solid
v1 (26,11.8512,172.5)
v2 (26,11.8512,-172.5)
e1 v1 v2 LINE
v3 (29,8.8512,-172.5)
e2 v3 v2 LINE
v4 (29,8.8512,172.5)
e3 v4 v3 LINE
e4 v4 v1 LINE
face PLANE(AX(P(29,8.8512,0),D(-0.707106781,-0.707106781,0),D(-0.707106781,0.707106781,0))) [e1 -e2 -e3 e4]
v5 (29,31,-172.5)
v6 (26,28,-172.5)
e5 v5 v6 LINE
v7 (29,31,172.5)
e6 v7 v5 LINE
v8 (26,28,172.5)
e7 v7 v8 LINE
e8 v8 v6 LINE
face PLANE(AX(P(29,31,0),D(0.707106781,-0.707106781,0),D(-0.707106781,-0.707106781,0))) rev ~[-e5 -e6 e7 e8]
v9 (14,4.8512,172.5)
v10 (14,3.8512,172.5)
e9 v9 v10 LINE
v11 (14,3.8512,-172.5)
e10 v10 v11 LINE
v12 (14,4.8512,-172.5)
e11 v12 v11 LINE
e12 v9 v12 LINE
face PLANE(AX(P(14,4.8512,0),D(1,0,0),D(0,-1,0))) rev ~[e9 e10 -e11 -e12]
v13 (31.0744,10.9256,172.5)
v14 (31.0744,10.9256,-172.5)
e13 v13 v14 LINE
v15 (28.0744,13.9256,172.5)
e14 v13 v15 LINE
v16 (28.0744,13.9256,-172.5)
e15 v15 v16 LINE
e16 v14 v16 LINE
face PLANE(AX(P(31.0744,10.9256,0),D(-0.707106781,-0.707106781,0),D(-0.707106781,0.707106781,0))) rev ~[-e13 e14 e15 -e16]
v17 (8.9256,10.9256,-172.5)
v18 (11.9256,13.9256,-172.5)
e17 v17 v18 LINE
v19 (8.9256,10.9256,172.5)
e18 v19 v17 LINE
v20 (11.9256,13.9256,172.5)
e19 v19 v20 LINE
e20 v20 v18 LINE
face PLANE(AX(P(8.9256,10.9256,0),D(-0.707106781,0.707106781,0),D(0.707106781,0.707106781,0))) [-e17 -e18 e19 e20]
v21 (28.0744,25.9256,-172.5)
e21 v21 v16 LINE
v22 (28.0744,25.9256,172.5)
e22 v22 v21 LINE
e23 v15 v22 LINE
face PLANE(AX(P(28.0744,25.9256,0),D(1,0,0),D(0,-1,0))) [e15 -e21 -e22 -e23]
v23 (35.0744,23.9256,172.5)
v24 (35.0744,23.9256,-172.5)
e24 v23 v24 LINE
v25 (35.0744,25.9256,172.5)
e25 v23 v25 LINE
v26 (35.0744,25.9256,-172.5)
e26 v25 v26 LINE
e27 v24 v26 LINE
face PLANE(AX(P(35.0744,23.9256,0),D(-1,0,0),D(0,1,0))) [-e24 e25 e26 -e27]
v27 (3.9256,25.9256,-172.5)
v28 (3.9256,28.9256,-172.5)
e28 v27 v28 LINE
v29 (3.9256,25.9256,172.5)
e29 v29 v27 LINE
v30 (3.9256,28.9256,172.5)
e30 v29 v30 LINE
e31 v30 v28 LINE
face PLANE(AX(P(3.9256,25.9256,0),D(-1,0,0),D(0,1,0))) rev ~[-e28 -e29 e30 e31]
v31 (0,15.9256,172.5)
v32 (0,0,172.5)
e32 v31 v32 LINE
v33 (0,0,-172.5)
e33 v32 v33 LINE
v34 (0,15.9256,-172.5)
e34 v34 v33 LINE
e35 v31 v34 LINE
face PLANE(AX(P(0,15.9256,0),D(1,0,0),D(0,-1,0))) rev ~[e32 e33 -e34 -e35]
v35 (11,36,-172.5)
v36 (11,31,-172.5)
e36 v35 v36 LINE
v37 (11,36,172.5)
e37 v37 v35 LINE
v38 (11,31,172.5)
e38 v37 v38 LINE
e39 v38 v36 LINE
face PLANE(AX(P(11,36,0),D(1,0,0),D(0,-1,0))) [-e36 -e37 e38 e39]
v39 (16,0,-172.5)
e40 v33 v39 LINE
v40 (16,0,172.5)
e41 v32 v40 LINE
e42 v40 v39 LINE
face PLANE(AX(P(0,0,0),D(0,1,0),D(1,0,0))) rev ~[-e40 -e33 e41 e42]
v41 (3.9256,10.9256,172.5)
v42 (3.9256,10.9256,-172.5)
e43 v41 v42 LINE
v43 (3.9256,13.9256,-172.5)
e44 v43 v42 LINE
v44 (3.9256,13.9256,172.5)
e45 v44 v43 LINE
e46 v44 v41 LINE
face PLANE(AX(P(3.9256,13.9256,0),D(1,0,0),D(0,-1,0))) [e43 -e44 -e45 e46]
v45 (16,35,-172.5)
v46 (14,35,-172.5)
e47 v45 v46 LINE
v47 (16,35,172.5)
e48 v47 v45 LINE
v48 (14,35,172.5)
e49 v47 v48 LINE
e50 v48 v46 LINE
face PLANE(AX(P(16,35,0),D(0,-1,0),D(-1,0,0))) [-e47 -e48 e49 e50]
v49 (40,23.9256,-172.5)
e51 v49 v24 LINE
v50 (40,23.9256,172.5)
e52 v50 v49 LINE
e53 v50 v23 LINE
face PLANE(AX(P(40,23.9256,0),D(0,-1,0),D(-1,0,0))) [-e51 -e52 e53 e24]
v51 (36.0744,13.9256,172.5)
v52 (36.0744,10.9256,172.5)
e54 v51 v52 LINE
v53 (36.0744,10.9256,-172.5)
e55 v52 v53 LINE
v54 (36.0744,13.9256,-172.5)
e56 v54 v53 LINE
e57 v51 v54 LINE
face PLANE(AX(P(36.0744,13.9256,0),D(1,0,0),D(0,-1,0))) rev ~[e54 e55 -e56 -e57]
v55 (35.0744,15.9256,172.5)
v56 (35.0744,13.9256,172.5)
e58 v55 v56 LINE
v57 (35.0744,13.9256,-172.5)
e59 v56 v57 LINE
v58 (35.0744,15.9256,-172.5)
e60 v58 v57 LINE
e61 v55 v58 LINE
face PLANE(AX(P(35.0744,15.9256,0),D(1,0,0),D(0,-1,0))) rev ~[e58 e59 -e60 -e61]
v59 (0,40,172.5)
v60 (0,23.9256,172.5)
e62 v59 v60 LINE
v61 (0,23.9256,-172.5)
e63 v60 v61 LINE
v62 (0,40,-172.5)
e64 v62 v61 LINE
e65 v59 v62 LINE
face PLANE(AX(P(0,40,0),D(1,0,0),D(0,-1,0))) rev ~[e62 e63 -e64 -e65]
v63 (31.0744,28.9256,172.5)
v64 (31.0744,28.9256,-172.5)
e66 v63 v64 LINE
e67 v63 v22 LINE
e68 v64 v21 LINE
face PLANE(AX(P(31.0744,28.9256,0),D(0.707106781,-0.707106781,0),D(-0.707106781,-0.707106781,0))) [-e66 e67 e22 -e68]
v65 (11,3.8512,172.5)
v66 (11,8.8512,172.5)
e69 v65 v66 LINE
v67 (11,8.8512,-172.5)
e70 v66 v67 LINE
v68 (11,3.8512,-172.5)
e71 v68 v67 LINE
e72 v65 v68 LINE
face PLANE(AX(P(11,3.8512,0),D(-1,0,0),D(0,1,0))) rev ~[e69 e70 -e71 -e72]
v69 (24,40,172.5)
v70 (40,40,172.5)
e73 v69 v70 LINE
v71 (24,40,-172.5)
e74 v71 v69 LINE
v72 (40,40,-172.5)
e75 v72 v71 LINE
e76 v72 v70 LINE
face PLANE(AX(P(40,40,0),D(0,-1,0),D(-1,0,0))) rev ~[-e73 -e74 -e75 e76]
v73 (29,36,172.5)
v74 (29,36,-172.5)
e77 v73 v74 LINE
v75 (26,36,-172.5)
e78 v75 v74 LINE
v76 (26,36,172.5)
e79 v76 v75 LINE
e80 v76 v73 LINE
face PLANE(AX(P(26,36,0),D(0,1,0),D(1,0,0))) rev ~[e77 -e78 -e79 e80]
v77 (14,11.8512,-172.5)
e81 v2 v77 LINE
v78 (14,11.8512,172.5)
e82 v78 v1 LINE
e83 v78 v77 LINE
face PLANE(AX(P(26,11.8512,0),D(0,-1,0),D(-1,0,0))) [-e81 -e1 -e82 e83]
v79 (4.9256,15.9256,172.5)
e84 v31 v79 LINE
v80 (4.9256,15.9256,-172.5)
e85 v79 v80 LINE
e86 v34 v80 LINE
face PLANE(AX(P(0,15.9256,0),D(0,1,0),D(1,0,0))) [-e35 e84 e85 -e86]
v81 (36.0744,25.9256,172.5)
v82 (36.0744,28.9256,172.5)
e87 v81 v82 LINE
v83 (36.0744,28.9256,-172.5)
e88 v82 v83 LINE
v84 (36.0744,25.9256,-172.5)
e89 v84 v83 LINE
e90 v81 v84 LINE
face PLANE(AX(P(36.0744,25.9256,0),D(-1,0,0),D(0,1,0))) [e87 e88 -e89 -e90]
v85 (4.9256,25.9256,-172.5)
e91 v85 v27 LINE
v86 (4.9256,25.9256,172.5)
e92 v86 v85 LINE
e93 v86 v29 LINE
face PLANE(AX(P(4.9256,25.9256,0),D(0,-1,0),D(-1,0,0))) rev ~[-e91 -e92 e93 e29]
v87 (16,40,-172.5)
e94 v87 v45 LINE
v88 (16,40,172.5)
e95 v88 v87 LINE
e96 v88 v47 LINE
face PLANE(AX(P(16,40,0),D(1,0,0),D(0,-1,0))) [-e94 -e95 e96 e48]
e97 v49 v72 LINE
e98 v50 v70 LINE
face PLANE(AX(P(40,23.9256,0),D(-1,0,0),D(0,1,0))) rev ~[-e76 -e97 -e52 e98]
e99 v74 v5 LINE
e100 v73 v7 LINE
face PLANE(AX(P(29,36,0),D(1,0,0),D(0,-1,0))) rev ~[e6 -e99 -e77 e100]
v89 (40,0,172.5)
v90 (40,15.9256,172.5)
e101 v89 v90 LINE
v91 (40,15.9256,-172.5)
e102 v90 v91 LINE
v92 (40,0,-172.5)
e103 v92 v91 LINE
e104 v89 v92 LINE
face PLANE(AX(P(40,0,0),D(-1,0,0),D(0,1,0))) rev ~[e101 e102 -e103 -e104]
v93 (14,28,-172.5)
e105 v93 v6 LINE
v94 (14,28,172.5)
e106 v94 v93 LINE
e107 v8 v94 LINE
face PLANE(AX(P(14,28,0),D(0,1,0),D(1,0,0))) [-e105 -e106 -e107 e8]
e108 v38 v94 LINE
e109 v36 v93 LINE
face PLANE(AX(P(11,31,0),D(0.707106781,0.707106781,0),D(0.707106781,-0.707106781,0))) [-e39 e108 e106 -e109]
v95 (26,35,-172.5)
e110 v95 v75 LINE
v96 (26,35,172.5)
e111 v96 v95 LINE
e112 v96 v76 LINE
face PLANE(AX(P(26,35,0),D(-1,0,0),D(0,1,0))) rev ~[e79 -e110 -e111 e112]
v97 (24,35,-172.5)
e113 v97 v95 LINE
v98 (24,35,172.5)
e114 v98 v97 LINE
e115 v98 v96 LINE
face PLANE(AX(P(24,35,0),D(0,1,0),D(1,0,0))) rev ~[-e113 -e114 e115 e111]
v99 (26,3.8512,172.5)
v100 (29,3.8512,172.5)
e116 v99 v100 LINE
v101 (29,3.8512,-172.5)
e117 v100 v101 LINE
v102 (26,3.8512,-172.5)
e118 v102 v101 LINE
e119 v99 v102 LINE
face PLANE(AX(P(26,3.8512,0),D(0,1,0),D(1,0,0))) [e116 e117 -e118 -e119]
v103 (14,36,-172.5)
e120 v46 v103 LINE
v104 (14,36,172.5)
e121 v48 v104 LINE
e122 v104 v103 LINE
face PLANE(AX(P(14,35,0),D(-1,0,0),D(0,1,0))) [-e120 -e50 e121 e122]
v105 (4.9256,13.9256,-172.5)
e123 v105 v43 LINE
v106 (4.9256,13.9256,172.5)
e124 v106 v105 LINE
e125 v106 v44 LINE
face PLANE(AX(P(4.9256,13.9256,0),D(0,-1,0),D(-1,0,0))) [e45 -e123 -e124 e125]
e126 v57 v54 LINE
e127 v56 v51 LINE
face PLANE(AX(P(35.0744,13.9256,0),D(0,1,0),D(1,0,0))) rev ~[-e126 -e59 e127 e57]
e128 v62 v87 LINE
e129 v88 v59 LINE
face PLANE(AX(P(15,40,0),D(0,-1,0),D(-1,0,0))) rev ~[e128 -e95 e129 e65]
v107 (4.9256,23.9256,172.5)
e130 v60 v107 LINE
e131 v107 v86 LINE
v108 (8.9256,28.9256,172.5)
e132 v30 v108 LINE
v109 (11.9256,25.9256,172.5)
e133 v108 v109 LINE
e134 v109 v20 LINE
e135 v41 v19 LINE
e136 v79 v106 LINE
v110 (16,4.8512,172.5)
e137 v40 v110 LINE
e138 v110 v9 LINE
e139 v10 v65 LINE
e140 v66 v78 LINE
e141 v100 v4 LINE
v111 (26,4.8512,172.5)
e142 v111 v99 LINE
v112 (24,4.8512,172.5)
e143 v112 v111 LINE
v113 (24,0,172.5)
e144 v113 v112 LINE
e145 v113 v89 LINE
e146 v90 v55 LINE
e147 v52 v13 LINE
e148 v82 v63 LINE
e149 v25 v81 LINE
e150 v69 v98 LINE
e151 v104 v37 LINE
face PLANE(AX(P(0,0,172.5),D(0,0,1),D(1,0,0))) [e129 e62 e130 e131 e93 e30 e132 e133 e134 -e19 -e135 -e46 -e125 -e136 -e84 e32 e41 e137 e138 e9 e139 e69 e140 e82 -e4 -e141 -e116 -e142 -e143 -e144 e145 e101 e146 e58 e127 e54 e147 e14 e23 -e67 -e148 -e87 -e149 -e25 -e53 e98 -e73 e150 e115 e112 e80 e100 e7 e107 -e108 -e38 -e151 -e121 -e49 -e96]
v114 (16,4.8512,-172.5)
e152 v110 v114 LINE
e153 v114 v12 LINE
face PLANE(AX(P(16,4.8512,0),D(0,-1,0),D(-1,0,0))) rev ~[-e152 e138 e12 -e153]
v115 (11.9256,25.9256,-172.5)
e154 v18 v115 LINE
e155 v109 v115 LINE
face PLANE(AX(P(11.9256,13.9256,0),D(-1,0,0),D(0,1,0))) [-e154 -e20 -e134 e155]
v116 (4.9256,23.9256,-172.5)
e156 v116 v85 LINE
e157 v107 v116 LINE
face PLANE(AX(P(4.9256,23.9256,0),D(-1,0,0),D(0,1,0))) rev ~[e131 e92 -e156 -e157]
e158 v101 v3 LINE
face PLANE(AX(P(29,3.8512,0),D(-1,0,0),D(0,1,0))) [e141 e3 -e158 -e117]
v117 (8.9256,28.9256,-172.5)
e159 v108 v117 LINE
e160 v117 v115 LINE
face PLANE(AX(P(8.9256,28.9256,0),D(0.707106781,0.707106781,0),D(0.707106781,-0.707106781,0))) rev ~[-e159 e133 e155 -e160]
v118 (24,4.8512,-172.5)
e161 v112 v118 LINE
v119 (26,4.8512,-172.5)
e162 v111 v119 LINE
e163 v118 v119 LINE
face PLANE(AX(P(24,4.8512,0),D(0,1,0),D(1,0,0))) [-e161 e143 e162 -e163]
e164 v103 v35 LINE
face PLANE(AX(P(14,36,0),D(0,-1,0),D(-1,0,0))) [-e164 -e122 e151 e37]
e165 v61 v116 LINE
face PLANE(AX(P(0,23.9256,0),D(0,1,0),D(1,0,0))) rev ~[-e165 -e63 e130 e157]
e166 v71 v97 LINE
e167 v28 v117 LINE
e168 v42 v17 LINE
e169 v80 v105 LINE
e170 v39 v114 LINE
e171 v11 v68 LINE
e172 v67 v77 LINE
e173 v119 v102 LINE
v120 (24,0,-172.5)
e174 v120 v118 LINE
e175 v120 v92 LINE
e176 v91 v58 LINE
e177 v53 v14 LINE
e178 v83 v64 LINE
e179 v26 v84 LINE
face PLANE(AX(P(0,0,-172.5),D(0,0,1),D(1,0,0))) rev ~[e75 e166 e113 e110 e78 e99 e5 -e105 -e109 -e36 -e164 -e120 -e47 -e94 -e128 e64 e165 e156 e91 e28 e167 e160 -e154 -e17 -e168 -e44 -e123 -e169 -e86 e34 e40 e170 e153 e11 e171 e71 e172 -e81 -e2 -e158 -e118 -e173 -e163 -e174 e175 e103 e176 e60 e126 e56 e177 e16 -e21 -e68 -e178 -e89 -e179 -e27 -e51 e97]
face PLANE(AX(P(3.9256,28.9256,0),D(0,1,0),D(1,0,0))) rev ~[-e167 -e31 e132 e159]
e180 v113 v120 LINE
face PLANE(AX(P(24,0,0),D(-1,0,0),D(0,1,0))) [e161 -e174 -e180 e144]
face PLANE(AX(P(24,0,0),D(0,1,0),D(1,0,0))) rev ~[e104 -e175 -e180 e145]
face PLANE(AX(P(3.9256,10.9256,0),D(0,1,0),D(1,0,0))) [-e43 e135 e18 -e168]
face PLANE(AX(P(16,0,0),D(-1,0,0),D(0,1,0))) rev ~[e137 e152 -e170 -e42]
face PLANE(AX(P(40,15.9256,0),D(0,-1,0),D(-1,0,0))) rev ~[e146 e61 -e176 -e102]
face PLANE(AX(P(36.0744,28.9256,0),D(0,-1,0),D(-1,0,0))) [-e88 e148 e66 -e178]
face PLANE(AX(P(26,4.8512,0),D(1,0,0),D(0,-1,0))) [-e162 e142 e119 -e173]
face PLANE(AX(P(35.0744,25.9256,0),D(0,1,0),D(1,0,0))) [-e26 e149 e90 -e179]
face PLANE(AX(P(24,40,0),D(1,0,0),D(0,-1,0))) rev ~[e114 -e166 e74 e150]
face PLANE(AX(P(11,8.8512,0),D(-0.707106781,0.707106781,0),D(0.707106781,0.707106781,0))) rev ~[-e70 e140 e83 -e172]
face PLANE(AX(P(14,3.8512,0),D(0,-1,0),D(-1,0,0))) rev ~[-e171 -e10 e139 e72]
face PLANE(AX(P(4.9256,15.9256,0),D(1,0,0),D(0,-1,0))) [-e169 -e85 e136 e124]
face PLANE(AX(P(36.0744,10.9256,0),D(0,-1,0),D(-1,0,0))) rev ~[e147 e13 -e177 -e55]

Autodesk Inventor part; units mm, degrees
ref_plane "YZ Plane" through (0, 0, 0) normal (1, 0, 0) x (0, 1, 0)
ref_plane "XZ Plane" through (0, 0, 0) normal (0, 1, 0) x (-1, 0, 0)
ref_plane "XY Plane" through (0, 0, 0) normal (0, 0, 1) x (1, 0, 0)
sketch "스케치1" plane through (0, 0, 0) normal (0, 0, 1) x (1, 0, 0)
  line L0 (40, 40) -> (25, 40)
  line L1 (15, 40) -> (0, 40)
  line L2 (16, 40) -> (16, 35)
  line L3 (16, 35) -> (14, 35)
  line L4 (14, 35) -> (14, 36)
  line L5 (14, 36) -> (11, 36)
  line L6 (11, 36) -> (11, 31)
  line L7 (11, 31) -> (14, 28)
  line L8 (11, 31) -> (20.81, 31) construction
  line L9 (14, 28) -> (20, 28)
  line L10 (24, 40) -> (24, 35)
  line L11 (24, 35) -> (26, 35)
  line L12 (26, 35) -> (26, 36)
  line L13 (26, 36) -> (29, 36)
  line L14 (29, 36) -> (29, 31)
  line L15 (29, 31) -> (26, 28)
  line L16 (29, 31) -> (19.19, 31) construction
  line L17 (26, 28) -> (20, 28)
  line L18 (-0.0744, 15.9256) -> (4.9256, 15.9256)
  line L19 (-0.0744, 23.9256) -> (4.9256, 23.9256)
  line L20 (4.9256, 23.9256) -> (4.9256, 25.9256)
  line L21 (11.9256, 25.9256) -> (11.9256, 19.9256)
  line L22 (8.9256, 28.9256) -> (8.9256, 19.1155) construction
  line L23 (8.9256, 28.9256) -> (11.9256, 25.9256)
  line L24 (3.9256, 28.9256) -> (8.9256, 28.9256)
  line L25 (3.9256, 25.9256) -> (3.9256, 28.9256)
  line L26 (4.9256, 25.9256) -> (3.9256, 25.9256)
  line L27 (4.9256, 15.9256) -> (4.9256, 13.9256)
  line L28 (11.9256, 13.9256) -> (11.9256, 19.9256)
  line L29 (4.9256, 13.9256) -> (3.9256, 13.9256)
  line L30 (8.9256, 10.9256) -> (11.9256, 13.9256)
  line L31 (8.9256, 10.9256) -> (8.9256, 20.7356) construction
  line L32 (3.9256, 13.9256) -> (3.9256, 10.9256)
  line L33 (3.9256, 10.9256) -> (8.9256, 10.9256)
  line L34 (24, -0.1488) -> (24, 4.8512)
  line L35 (16, -0.1488) -> (16, 4.8512)
  line L36 (16, 4.8512) -> (14, 4.8512)
  line L37 (14, 11.8512) -> (20, 11.8512)
  line L38 (11, 8.8512) -> (20.81, 8.8512) construction
  line L39 (11, 8.8512) -> (14, 11.8512)
  line L40 (11, 3.8512) -> (11, 8.8512)
  line L41 (14, 3.8512) -> (11, 3.8512)
  line L42 (14, 4.8512) -> (14, 3.8512)
  line L43 (24, 4.8512) -> (26, 4.8512)
  line L44 (26, 11.8512) -> (20, 11.8512)
  line L45 (26, 4.8512) -> (26, 3.8512)
  line L46 (29, 8.8512) -> (26, 11.8512)
  line L47 (29, 8.8512) -> (19.19, 8.8512) construction
  line L48 (26, 3.8512) -> (29, 3.8512)
  line L49 (29, 3.8512) -> (29, 8.8512)
  line L50 (40.0744, 23.9256) -> (35.0744, 23.9256)
  line L51 (40.0744, 15.9256) -> (35.0744, 15.9256)
  line L52 (35.0744, 15.9256) -> (35.0744, 13.9256)
  line L53 (28.0744, 13.9256) -> (28.0744, 19.9256)
  line L54 (31.0744, 10.9256) -> (31.0744, 20.7356) construction
  line L55 (31.0744, 10.9256) -> (28.0744, 13.9256)
  line L56 (36.0744, 10.9256) -> (31.0744, 10.9256)
  line L57 (36.0744, 13.9256) -> (36.0744, 10.9256)
  line L58 (35.0744, 13.9256) -> (36.0744, 13.9256)
  line L59 (35.0744, 23.9256) -> (35.0744, 25.9256)
  line L60 (28.0744, 25.9256) -> (28.0744, 19.9256)
  line L61 (35.0744, 25.9256) -> (36.0744, 25.9256)
  line L62 (31.0744, 28.9256) -> (28.0744, 25.9256)
  line L63 (31.0744, 28.9256) -> (31.0744, 19.1155) construction
  line L64 (36.0744, 25.9256) -> (36.0744, 28.9256)
  line L65 (36.0744, 28.9256) -> (31.0744, 28.9256)
  line L66 (11, 20) -> (11.9256, 20)
  line L67 (28.0744, 20) -> (29, 20)
  line L68 (20, 3.8512) -> (20, 4.8512)
  line L69 (20, 35) -> (20, 36)
  line L70 (15, 40) -> (16, 40)
  line L71 (24, 40) -> (25, 40)
  line L72 (0, 40) -> (0, 23.9256)
  line L73 (0, 15.9256) -> (0, 0)
  line L74 (40, 0) -> (40, 15.9256)
  line L75 (40, 23.9256) -> (40, 40)
  line L76 (0, 0) -> (16, 0)
  line L77 (24, 0) -> (40, 0)
  point P0 (25, 38)
  point P1 (20, 19.9256)
  point P2 (15, 35)
  point P3 (25, 35)
  point P4 (4.9256, 24.9256)
  point P5 (4.9256, 14.9256)
  point P6 (15, 4.8512)
  point P7 (25, 4.8512)
  point P8 (35.0744, 14.9256)
  point P9 (35.0744, 24.9256)
  dimension "d0" = 40
  dimension "d1" = 40
  dimension "d14" = 2
  dimension "d15" = 5
  dimension "d16" = 1
  dimension "d17" = 3
  dimension "d18" = 5
  dimension "d19" = 45
  dimension "d21" = 7
  dimension "d24" = 360
extrude "돌출1" add sketch "스케치1" along normal mid plane 345
properties part number "71" material "철, 회색"
